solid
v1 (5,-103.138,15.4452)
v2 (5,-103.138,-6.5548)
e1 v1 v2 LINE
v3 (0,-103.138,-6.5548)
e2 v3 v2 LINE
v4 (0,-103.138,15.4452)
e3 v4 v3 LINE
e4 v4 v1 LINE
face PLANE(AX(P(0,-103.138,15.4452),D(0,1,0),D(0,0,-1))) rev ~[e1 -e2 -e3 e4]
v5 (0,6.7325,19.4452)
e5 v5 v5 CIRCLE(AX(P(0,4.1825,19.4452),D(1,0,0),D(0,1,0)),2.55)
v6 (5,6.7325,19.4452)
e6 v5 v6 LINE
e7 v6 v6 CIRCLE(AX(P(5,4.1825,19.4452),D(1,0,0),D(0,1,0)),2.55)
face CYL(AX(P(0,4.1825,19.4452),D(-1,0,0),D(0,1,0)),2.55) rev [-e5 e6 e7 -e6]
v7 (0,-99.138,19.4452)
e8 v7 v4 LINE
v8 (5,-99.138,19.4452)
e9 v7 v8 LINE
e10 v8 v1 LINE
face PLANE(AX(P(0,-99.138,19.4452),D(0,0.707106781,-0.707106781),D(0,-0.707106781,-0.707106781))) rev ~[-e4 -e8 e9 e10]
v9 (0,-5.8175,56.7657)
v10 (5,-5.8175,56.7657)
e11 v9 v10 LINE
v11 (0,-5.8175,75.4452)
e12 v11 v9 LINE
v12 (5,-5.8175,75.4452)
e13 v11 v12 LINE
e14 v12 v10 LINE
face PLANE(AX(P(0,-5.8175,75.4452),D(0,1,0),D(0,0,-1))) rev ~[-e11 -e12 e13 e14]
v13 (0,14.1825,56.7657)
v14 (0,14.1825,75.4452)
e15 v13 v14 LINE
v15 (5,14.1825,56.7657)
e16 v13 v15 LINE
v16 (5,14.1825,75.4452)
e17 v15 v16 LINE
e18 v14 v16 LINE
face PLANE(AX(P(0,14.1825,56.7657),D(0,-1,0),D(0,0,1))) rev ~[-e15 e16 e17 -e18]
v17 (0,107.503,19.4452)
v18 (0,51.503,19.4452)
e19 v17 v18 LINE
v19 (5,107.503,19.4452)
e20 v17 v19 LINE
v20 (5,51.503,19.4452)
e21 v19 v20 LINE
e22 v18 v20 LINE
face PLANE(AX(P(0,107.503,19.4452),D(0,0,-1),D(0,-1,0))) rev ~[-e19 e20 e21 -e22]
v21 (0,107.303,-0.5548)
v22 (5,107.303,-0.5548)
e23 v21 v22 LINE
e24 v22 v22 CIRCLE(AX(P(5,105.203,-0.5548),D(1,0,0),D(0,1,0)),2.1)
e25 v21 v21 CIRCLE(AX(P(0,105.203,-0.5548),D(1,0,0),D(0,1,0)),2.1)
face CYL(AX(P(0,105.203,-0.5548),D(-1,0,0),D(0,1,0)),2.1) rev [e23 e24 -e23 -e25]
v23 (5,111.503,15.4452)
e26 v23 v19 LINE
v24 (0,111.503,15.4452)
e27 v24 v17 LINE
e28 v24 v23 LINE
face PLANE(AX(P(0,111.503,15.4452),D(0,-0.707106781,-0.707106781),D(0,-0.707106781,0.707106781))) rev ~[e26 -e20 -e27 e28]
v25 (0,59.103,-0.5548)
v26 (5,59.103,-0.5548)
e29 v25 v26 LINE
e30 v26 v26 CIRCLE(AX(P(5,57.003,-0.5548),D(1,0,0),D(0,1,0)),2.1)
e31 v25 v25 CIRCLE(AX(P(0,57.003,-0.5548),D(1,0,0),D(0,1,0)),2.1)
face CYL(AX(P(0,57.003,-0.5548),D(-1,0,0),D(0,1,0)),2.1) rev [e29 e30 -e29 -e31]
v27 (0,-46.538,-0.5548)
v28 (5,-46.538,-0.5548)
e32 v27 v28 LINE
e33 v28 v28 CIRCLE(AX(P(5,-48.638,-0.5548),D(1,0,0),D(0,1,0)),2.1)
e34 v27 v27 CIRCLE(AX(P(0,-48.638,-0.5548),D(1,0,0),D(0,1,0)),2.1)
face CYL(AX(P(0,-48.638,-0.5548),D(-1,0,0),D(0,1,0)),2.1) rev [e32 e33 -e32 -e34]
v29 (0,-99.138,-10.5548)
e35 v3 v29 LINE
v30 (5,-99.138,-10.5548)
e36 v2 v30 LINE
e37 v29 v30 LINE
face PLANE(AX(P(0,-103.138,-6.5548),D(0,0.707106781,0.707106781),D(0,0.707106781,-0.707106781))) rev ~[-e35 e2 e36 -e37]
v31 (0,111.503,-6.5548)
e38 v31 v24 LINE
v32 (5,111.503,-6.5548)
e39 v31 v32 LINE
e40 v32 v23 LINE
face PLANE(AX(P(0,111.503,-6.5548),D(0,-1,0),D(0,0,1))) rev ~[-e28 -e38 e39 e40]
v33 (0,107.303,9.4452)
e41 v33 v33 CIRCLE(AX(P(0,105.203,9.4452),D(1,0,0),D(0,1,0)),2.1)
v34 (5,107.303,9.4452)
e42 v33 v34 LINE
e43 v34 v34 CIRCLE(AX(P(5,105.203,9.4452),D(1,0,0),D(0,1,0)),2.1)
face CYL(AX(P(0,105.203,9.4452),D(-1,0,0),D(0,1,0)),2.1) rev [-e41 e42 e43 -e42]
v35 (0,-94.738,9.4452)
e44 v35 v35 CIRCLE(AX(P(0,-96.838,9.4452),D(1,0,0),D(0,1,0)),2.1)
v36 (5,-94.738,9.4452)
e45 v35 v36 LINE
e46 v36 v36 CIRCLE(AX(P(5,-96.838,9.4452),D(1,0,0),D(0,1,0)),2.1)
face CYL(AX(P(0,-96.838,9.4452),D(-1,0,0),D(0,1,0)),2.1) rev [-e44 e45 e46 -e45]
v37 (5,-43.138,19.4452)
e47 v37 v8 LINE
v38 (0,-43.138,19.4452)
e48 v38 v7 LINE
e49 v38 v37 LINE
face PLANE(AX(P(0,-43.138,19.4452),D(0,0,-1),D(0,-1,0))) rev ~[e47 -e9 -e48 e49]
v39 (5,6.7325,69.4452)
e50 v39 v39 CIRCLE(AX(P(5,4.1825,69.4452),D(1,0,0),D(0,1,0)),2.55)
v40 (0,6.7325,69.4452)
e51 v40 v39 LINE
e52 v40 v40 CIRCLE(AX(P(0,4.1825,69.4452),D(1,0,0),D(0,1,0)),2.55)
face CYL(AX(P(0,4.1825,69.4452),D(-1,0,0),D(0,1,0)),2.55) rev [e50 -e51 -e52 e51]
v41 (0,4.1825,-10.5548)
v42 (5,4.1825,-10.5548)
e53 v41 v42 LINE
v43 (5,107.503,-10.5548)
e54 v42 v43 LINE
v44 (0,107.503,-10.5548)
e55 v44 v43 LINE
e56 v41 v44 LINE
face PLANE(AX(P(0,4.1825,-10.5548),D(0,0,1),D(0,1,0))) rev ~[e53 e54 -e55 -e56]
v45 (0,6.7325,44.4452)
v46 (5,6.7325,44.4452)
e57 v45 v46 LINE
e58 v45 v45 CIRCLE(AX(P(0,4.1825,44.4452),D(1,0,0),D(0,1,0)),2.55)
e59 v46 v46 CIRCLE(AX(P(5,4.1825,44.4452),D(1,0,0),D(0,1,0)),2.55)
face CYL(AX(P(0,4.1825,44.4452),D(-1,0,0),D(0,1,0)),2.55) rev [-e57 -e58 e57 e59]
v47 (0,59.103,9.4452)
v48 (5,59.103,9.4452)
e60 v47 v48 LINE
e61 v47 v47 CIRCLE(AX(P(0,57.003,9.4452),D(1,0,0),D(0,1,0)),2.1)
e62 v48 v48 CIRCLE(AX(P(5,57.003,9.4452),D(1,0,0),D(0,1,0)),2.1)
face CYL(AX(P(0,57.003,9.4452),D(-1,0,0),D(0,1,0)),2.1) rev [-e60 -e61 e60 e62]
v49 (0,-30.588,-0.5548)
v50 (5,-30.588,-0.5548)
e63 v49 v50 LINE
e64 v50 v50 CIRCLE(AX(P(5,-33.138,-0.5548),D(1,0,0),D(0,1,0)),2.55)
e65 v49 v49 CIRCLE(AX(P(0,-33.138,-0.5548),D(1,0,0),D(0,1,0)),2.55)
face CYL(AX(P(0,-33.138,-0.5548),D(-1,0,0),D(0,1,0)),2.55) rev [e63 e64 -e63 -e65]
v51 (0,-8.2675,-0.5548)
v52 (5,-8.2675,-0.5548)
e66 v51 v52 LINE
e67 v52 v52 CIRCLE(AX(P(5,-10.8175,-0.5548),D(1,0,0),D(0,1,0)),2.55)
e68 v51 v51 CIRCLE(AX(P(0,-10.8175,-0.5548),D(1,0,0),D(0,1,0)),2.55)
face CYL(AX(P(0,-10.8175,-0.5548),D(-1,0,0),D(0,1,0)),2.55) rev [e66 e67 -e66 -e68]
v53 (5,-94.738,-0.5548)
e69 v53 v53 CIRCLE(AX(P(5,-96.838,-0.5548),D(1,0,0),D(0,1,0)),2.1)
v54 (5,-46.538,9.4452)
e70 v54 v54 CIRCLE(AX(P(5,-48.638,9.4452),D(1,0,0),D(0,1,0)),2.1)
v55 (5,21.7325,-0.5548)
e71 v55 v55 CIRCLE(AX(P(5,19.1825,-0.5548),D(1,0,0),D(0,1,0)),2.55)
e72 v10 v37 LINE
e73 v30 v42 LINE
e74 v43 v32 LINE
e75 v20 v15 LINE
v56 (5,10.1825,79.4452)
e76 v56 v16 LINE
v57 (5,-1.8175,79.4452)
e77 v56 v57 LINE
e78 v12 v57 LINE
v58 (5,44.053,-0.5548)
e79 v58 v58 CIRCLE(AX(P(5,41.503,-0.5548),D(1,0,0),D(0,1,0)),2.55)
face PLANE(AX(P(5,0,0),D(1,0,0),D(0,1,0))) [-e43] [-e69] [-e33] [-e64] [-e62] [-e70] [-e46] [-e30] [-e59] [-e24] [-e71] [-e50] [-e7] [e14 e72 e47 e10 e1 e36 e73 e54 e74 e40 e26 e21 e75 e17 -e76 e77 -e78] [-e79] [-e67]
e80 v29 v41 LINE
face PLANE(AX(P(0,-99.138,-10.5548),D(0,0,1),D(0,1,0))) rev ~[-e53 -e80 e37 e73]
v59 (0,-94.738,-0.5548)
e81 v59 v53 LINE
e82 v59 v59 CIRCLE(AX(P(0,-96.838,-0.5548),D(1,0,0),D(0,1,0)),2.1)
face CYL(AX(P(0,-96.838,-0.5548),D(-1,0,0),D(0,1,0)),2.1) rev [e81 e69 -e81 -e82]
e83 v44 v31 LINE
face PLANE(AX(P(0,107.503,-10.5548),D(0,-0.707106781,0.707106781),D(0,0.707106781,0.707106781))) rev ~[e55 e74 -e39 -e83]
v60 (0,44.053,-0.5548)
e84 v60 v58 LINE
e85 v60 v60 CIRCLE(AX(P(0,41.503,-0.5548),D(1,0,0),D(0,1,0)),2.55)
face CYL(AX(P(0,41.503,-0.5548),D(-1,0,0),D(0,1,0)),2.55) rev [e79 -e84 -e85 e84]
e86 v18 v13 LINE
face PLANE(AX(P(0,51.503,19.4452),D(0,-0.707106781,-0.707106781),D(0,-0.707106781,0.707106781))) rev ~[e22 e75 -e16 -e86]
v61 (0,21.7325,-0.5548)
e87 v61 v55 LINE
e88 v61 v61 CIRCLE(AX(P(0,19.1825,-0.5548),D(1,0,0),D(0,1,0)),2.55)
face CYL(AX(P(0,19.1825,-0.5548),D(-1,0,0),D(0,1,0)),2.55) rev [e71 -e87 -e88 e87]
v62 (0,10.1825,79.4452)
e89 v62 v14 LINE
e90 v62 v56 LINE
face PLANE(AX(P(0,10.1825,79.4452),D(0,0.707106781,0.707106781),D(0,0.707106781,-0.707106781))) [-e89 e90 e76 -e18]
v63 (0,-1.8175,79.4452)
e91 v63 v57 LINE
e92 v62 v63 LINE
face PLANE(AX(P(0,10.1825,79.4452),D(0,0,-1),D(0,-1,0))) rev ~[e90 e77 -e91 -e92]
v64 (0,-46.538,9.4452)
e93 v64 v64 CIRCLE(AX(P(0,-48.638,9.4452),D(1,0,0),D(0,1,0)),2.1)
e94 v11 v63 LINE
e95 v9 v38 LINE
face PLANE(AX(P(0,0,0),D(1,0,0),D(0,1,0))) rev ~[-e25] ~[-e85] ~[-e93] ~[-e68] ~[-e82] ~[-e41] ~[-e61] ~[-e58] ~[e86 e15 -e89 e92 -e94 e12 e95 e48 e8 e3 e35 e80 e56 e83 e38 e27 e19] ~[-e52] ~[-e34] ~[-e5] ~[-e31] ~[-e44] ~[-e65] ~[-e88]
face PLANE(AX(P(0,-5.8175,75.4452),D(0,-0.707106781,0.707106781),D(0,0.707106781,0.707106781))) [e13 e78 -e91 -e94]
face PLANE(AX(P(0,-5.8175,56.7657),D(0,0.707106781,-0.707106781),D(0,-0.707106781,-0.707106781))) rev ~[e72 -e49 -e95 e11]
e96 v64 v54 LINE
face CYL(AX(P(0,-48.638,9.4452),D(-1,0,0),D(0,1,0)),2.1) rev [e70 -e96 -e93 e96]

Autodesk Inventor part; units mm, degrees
ref_plane "YZ Plane" through (0, 0, 0) normal (1, 0, 0) x (0, 1, 0)
ref_plane "XZ Plane" through (0, 0, 0) normal (0, 1, 0) x (-1, 0, 0)
ref_plane "XY Plane" through (0, 0, 0) normal (0, 0, 1) x (1, 0, 0)
sketch "草图1" plane through (0, 0, 0) normal (1, 0, 0) x (0, 1, 0)
  circle A0 centre (105.203, 9.4452) radius 2.1
  circle A1 centre (-96.838, -0.5548) radius 2.1
  circle A2 centre (-48.638, -0.5548) radius 2.1
  circle A3 centre (105.203, -0.5548) radius 2.1
  circle A4 centre (57.003, 9.4452) radius 2.1
  circle A5 centre (-96.838, 9.4452) radius 2.1
  circle A6 centre (-48.638, 9.4452) radius 2.1
  circle A7 centre (57.003, -0.5548) radius 2.1
  line L0 (10.1825, 79.4452) -> (14.1825, 75.4452)
  line L1 (10.1825, 79.4452) -> (-1.8175, 79.4452)
  line L2 (-5.8175, 75.4452) -> (-1.8175, 79.4452)
  line L3 (-5.8175, 75.4452) -> (-5.8175, 56.7657)
  line L4 (-5.8175, 56.7657) -> (-43.138, 19.4452)
  line L5 (-43.138, 19.4452) -> (-99.138, 19.4452)
  line L6 (-99.138, 19.4452) -> (-103.138, 15.4452)
  line L7 (-103.138, 15.4452) -> (-103.138, -6.5548)
  line L8 (-103.138, -6.5548) -> (-99.138, -10.5548)
  line L9 (-99.138, -10.5548) -> (107.503, -10.5548)
  line L10 (107.503, -10.5548) -> (111.503, -6.5548)
  line L11 (111.503, -6.5548) -> (111.503, 15.4452)
  line L12 (111.503, 15.4452) -> (107.503, 19.4452)
  line L13 (107.503, 19.4452) -> (51.503, 19.4452)
  line L14 (51.503, 19.4452) -> (14.1825, 56.7657)
  line L15 (14.1825, 56.7657) -> (14.1825, 75.4452)
  circle A8 centre (19.1825, -0.5548) radius 2.55
  circle A9 centre (41.503, -0.5548) radius 2.55
  circle A10 centre (4.1825, 19.4452) radius 2.55
  circle A11 centre (-10.8175, -0.5548) radius 2.55
  circle A12 centre (-33.138, -0.5548) radius 2.55
  circle A13 centre (4.1825, 44.4452) radius 2.55
  circle A14 centre (4.1825, 69.4452) radius 2.55
  line L16 (4.1825, -10.5548) -> (4.1825, -0.5548)
  point P0 (0, 0)
  point P1 (-24.5893, 27.5058)
  dimension "d0" = 20
  dimension "d1" = 25
  dimension "d2" = 25
extrude "拉伸1" add sketch "草图1" along normal blind 5
properties part number "sh_com"
